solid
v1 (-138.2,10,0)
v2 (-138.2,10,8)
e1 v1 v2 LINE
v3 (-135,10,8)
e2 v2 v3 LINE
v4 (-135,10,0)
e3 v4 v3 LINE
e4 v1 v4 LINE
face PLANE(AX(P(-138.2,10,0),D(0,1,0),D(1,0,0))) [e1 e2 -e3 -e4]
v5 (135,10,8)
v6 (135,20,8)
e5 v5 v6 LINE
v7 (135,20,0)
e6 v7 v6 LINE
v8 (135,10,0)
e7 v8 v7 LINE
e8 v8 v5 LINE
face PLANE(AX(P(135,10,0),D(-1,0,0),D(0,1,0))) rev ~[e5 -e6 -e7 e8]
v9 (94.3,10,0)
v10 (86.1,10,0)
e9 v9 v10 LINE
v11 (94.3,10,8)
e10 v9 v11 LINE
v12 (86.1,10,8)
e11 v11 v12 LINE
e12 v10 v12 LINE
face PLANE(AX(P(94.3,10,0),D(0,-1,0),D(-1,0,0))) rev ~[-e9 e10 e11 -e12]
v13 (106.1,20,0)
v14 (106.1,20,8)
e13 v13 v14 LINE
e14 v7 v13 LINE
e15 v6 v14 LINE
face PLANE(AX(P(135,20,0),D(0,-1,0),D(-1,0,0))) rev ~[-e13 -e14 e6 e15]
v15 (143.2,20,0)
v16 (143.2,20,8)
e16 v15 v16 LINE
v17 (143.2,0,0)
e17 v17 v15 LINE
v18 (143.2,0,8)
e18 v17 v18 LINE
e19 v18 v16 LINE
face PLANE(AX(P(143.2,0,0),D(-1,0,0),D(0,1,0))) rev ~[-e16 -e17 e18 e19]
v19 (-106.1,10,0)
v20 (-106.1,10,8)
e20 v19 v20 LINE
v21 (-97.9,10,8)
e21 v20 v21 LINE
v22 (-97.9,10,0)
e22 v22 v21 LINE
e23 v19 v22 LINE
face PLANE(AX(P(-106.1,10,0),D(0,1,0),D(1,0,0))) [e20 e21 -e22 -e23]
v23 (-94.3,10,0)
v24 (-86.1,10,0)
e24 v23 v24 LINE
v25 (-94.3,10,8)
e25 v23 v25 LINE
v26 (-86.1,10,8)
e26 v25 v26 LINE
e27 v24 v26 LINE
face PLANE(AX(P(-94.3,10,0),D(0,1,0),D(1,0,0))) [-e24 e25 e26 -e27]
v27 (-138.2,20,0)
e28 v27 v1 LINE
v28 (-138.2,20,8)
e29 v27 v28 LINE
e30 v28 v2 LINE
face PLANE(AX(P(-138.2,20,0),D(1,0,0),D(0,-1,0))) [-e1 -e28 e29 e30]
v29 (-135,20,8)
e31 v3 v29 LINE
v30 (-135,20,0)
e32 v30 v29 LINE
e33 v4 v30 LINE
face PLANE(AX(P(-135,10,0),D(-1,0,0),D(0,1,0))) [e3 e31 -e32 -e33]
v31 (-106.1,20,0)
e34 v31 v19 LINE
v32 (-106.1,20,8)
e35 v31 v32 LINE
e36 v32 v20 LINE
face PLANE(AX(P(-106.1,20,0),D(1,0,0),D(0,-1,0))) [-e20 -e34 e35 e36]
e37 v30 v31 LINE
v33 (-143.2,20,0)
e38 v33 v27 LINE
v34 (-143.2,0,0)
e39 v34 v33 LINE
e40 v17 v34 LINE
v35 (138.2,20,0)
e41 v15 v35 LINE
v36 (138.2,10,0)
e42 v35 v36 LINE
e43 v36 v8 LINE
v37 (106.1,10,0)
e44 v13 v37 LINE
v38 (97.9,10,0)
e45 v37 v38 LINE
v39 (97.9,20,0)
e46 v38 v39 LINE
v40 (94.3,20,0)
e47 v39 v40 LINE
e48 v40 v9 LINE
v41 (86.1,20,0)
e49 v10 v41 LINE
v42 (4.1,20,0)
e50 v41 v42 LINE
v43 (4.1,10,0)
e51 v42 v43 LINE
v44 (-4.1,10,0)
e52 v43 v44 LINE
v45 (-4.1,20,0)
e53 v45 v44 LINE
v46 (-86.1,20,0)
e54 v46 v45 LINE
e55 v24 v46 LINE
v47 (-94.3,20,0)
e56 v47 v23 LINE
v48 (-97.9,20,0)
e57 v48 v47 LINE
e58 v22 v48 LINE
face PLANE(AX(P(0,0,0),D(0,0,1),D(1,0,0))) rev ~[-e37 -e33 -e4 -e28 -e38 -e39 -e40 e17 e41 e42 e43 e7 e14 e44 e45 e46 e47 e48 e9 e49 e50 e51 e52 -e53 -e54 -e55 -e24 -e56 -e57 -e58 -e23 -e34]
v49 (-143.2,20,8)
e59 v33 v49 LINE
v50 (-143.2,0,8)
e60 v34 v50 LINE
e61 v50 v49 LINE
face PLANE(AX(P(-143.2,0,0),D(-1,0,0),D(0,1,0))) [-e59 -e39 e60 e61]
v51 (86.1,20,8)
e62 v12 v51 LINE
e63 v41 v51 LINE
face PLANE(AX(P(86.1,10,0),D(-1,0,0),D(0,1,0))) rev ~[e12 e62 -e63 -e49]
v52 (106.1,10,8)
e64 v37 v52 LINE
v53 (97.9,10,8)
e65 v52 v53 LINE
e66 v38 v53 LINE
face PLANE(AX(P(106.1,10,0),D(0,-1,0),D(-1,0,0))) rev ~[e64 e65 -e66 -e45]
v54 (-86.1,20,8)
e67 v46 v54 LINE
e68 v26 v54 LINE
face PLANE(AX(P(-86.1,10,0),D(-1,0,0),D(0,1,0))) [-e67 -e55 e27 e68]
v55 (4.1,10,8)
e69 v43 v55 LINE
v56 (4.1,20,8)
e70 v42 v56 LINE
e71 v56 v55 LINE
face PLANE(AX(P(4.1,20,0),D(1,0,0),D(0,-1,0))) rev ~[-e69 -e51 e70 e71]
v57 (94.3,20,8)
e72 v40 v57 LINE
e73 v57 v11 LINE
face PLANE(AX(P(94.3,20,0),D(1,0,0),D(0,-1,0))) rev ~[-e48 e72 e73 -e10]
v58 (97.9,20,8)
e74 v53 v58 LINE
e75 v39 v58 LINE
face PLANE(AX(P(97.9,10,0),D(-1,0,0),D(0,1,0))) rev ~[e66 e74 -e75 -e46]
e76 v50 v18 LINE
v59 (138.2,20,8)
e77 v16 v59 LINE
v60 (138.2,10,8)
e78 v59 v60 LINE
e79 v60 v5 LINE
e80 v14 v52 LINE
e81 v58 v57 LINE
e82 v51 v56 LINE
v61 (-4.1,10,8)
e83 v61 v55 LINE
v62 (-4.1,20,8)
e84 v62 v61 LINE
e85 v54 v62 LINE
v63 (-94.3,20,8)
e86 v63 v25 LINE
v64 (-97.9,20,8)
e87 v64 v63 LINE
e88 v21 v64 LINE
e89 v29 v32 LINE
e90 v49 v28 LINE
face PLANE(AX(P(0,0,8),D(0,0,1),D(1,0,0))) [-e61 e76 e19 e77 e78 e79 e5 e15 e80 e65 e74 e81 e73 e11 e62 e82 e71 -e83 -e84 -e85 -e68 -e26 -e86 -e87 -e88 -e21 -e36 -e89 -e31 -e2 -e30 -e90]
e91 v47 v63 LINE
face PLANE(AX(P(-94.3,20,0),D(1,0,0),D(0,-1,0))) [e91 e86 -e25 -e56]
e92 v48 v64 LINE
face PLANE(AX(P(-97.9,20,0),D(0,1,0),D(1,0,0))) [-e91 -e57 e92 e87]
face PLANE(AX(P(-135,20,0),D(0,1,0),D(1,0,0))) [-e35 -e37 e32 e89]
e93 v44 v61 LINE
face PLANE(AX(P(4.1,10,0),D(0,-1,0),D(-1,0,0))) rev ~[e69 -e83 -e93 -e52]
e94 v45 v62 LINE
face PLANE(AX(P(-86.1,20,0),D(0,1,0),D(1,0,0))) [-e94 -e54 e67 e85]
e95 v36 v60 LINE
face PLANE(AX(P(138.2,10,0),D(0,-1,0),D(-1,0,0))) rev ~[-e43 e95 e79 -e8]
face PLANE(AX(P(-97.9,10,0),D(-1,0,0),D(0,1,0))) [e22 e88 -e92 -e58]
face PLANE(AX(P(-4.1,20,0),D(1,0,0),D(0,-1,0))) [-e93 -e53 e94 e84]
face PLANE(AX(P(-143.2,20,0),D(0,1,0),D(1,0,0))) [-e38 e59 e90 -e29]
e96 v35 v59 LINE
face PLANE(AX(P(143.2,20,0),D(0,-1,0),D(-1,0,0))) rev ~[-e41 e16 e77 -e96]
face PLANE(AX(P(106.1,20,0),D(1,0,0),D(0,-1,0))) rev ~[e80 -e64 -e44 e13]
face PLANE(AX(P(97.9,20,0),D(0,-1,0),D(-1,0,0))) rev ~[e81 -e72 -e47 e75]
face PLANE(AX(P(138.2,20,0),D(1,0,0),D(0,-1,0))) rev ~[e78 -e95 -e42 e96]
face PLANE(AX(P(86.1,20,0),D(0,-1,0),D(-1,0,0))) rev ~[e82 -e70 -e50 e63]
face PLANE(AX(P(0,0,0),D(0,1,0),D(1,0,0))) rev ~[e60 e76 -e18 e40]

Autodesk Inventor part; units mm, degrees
ref_plane "YZ Plane" through (0, 0, 0) normal (1, 0, 0) x (0, 1, 0)
ref_plane "XZ Plane" through (0, 0, 0) normal (0, 1, 0) x (-1, 0, 0)
ref_plane "XY Plane" through (0, 0, 0) normal (0, 0, 1) x (1, 0, 0)
sketch "Sketch1" plane through (0, 0, 0) normal (0, 0, 1) x (1, 0, 0)
  line L0 (0, 0) -> (143.2, 0)
  line L1 (143.2, 0) -> (143.2, 20)
  line L2 (143.2, 20) -> (138.2, 20)
  line L3 (138.2, 20) -> (138.2, 10)
  line L4 (138.2, 10) -> (135, 10)
  line L5 (135, 10) -> (135, 20)
  line L6 (135, 20) -> (106.1, 20)
  line L7 (106.1, 20) -> (106.1, 10)
  line L8 (106.1, 10) -> (97.9, 10)
  line L9 (97.9, 10) -> (97.9, 20)
  line L10 (97.9, 20) -> (94.3, 20)
  line L11 (94.3, 20) -> (94.3, 10)
  line L12 (94.3, 10) -> (86.1, 10)
  line L13 (86.1, 10) -> (86.1, 20)
  line L14 (86.1, 20) -> (4.1, 20)
  line L15 (4.1, 20) -> (4.1, 10)
  line L16 (4.1, 10) -> (0, 10)
  line L17 (0, 50) -> (0, 0)
  line L18 (0, 0) -> (-143.2, 0)
  line L19 (-143.2, 0) -> (-143.2, 20)
  line L20 (-143.2, 20) -> (-138.2, 20)
  line L21 (-138.2, 20) -> (-138.2, 10)
  line L22 (-138.2, 10) -> (-135, 10)
  line L23 (-135, 10) -> (-135, 20)
  line L24 (-135, 20) -> (-106.1, 20)
  line L25 (-106.1, 20) -> (-106.1, 10)
  line L26 (-106.1, 10) -> (-97.9, 10)
  line L27 (-97.9, 10) -> (-97.9, 20)
  line L28 (-97.9, 20) -> (-94.3, 20)
  line L29 (-94.3, 20) -> (-94.3, 10)
  line L30 (-94.3, 10) -> (-86.1, 10)
  line L31 (-86.1, 10) -> (-86.1, 20)
  line L32 (-86.1, 20) -> (-4.1, 20)
  line L33 (-4.1, 20) -> (-4.1, 10)
  line L34 (-4.1, 10) -> (0, 10)
  dimension "d4" = 3.2
  dimension "d5" = 20
  dimension "d6" = 10
  dimension "d7" = 0
  dimension "d8" = 82
  dimension "d9" = 0
  dimension "d10" = 135
  dimension "d11" = 20
  dimension "d12" = 5
  dimension "d13" = 8.2
  dimension "d14" = 8.2
  dimension "d15" = 4.1
  dimension "d16" = 50
extrude "Extrusion1" add sketch "Sketch1" along normal blind 8
properties part number "brace"
